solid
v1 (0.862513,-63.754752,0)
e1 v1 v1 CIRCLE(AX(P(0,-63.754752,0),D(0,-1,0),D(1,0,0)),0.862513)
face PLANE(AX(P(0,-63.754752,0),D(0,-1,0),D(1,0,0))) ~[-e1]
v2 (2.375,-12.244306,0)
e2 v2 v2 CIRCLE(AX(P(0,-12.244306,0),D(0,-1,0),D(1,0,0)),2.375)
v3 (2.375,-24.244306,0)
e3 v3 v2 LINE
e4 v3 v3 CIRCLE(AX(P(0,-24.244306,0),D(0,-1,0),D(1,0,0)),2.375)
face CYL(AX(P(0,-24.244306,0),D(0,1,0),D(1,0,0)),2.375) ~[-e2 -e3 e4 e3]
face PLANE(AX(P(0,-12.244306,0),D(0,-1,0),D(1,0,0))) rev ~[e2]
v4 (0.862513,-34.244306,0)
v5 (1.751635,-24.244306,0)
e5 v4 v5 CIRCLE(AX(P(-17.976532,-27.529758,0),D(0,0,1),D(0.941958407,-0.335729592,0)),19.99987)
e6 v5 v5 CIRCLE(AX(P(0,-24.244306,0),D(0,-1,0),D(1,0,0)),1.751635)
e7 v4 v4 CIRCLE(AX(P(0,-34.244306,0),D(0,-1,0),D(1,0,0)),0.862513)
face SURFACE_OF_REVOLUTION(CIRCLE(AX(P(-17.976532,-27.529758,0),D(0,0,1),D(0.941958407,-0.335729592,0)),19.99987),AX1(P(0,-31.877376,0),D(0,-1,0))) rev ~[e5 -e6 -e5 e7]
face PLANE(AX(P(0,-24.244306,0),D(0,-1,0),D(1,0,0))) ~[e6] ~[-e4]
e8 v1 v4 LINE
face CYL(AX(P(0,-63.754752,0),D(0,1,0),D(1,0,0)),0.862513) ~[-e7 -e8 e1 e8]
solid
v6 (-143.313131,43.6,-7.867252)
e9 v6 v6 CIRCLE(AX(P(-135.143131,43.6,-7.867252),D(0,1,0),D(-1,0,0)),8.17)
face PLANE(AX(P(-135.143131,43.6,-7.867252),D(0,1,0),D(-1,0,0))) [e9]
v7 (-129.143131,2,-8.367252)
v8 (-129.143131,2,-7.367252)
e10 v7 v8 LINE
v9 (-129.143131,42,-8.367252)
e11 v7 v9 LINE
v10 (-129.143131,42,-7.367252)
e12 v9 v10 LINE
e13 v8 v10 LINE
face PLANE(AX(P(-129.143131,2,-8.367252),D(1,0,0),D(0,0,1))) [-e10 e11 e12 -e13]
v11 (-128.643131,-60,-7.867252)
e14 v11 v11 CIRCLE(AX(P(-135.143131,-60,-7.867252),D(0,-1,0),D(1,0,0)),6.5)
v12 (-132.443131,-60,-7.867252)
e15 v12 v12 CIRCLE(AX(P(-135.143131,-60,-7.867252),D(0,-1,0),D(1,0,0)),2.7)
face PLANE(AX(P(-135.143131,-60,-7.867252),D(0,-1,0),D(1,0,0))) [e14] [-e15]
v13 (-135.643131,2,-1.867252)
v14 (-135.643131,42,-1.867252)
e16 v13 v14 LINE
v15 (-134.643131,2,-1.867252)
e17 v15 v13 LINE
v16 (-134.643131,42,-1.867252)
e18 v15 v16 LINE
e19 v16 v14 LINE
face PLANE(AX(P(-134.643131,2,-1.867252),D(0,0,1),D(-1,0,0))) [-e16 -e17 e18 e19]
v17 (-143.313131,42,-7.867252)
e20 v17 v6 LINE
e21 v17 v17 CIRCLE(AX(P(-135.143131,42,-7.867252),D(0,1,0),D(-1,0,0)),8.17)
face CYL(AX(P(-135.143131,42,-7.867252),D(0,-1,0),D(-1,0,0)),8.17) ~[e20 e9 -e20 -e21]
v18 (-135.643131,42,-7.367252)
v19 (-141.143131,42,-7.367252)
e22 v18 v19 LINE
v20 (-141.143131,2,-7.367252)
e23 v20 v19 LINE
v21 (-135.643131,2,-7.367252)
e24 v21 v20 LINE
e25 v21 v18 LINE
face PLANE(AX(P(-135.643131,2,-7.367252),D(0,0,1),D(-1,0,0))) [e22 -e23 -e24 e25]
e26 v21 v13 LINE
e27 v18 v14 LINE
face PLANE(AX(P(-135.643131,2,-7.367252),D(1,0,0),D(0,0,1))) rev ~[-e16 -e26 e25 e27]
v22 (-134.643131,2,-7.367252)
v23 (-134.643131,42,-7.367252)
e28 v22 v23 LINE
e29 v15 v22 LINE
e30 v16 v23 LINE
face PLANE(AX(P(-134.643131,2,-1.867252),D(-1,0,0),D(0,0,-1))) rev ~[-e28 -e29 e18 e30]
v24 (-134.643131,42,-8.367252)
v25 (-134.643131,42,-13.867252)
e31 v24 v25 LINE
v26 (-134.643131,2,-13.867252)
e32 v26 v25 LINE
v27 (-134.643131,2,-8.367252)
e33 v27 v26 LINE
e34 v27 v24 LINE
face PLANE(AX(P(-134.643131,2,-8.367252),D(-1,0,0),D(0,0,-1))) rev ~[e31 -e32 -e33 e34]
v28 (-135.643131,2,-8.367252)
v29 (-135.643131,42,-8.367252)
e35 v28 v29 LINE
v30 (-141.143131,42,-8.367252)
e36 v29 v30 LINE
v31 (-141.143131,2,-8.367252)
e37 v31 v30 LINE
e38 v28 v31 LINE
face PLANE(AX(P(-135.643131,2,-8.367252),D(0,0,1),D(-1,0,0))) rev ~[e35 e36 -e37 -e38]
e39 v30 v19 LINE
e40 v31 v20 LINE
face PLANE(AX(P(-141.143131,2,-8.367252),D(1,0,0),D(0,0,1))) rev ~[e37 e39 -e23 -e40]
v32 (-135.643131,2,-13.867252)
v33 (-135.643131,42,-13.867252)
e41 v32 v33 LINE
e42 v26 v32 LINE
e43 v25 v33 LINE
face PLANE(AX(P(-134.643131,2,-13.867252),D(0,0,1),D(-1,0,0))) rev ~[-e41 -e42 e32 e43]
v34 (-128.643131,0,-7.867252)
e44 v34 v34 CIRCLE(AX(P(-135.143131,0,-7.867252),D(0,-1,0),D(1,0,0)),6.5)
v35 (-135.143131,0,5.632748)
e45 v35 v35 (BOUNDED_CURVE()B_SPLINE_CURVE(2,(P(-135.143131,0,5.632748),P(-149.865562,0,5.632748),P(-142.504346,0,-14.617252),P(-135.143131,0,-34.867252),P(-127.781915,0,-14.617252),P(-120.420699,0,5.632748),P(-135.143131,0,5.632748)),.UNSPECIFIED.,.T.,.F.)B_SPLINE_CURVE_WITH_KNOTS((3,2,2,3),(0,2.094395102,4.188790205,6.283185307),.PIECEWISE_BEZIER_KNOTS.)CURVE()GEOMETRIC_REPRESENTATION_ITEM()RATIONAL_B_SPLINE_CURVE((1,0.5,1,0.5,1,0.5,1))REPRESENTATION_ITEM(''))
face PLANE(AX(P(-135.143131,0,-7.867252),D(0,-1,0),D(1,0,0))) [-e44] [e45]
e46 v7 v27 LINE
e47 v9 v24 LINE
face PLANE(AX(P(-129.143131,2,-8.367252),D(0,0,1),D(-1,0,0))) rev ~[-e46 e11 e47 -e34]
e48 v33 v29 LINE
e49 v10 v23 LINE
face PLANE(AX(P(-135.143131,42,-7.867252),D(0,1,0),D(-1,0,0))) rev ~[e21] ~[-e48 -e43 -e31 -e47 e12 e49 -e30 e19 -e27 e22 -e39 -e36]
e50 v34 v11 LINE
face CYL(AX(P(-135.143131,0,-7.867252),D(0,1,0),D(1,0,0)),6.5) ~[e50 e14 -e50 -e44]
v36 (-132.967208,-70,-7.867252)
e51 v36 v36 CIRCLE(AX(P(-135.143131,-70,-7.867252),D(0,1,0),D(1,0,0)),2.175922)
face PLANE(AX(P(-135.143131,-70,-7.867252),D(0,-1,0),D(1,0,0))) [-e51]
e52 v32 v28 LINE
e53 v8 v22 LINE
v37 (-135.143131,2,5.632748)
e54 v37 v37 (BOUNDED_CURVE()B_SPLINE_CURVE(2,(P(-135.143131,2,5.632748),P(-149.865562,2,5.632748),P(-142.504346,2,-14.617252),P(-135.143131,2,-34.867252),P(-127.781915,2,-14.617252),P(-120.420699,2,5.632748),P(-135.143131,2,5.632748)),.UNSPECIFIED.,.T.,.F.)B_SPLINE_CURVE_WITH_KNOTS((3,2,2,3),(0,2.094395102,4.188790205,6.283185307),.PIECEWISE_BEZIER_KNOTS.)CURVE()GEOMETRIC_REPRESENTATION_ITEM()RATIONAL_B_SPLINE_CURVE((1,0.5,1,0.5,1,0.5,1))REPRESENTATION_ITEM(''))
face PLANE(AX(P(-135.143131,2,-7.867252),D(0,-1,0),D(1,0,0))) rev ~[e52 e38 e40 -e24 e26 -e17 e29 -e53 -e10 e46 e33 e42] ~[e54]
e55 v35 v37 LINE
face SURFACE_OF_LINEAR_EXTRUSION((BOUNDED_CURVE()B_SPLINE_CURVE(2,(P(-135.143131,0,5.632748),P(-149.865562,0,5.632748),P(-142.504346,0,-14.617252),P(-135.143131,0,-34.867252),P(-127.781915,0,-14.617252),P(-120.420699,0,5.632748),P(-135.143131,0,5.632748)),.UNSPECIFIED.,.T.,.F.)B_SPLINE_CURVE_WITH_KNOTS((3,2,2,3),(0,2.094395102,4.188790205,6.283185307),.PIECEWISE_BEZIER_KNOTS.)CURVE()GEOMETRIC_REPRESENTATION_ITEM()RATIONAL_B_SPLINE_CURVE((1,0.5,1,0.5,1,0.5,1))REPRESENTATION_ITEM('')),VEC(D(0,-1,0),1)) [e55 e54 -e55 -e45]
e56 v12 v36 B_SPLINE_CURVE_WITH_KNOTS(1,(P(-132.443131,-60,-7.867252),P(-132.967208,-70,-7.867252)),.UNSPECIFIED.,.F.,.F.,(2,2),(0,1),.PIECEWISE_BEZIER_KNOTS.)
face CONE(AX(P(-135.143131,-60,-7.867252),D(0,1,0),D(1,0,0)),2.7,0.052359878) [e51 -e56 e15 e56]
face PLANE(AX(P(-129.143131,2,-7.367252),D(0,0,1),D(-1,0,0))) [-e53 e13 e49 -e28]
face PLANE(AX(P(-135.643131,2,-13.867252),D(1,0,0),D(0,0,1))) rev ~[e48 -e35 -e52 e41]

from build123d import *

# Parameters (mm, degrees)
F0_R     = 6.5
F1_DEPTH = 2
F2_DEPTH = 60
F3_W     = 1
F3_H     = 1
F3_H_2   = 5.5
F3_W_2   = 5.5
F4_DEPTH = 40
F5_R     = 8.17
F6_DEPTH = 1.6
F7_R     = 2.7
F8_DEPTH = 10
F8_TAPER = 3


with BuildPart() as f1:
    # F0 (on Front) → F1 (new body)
    with BuildSketch(Plane.XZ):
        with BuildLine():
            add(Edge.make_bspline(
                [(-135.1431305561, 5.6327479952), (-149.8655624204, 5.6327479952), (-142.5043464882, -14.6172520048), (-135.1431305561, -34.8672520048), (-127.7819146239, -14.6172520048), (-120.4206986917, 5.6327479952), (-135.1431305561, 5.6327479952)],
                knots=[0, 0, 0, 2.0943951024, 2.0943951024, 4.1887902048, 4.1887902048, 6.2831853072, 6.2831853072, 6.2831853072], degree=2, weights=[1, 0.5, 1, 0.5, 1, 0.5, 1]))
        make_face()
        with Locations((-135.1431305561, -7.8672520048)):
            Circle(F0_R, mode=Mode.SUBTRACT)
        with Locations((-135.1431305561, -7.8672520048)):
            Circle(F0_R)
    extrude(amount=-F1_DEPTH)

    # F0 (on Front) → F2 (join)
    with BuildSketch(Plane.XZ):
        with Locations((-135.1431305561, -7.8672520048)):
            Circle(F0_R)
    extrude(amount=F2_DEPTH)

    # F3 (on face) → F4 (join)
    with BuildSketch(Plane(origin=(0, 2, 0), x_dir=(-1, 0, 0), z_dir=(0, 1, 0))):
        with Locations((135.1431305561, -7.8672520048)):
            Rectangle(F3_W, F3_H)
        with Locations((135.1431305561, -4.6172520048)):
            Rectangle(F3_W, F3_H_2)
        with Locations((138.3931305561, -7.8672520048)):
            Rectangle(F3_W_2, F3_H)
        with Locations((135.1431305561, -11.1172520048)):
            Rectangle(F3_W, F3_H_2)
        with Locations((131.8931305561, -7.8672520048)):
            Rectangle(F3_W_2, F3_H)
    extrude(amount=F4_DEPTH)

    # F5 (on face) → F6 (join)
    with BuildSketch(Plane(origin=(0, 42, 0), x_dir=(-1, 0, 0), z_dir=(0, 1, 0))):
        with Locations((135.1431305561, -7.8672520048)):
            Circle(F5_R)
        Polygon((135.6431305561, -1.8672520048), (135.6431305561, -7.3672520048), (141.1431305561, -7.3672520048), (141.1431305561, -8.3672520048), (135.6431305561, -8.3672520048), (135.6431305561, -13.8672520048), (134.6431305561, -13.8672520048), (134.6431305561, -8.3672520048), (129.1431305561, -8.3672520048), (129.1431305561, -7.3672520048), (134.6431305561, -7.3672520048), (134.6431305561, -1.8672520048), align=None, mode=Mode.SUBTRACT)
        Polygon((141.1431305561, -7.3672520048), (135.6431305561, -7.3672520048), (135.6431305561, -1.8672520048), (134.6431305561, -1.8672520048), (134.6431305561, -7.3672520048), (129.1431305561, -7.3672520048), (129.1431305561, -8.3672520048), (134.6431305561, -8.3672520048), (134.6431305561, -13.8672520048), (135.6431305561, -13.8672520048), (135.6431305561, -8.3672520048), (141.1431305561, -8.3672520048), align=None)
    extrude(amount=F6_DEPTH)

    # F7 (on face) → F8 (join)
    with BuildSketch(Plane.XZ.offset(60)):
        with Locations((-135.1431305561, -7.8672520048)):
            Circle(F7_R)
    extrude(amount=F8_DEPTH, taper=F8_TAPER)


with BuildPart() as f10:
    # F9 (on Top) → F10 (revolve)
    with BuildSketch(Plane.XY):
        Polygon((0, -24.2443063855), (1.7516354565, -24.2443063855), (2.375, -24.2443063855), (2.375, -12.2443063855), (0, -12.2443063855), align=None)
        with BuildLine():
            Line((0, -63.7547517743), (0.8625133196, -63.7547517743))
            Line((0.8625133196, -63.7547517743), (0.8625133196, -34.2443063855))
            ThreePointArc((0.8625133196, -34.2443063855), (1.9447499627, -29.3010035325), (1.7516354565, -24.2443063855))
            Line((1.7516354565, -24.2443063855), (0, -24.2443063855))
            Line((0, -24.2443063855), (0, -63.7547517743))
        make_face()
    revolve(axis=Axis((0, -31.8773758872, 0), (0, -1, 0)))


solid = Compound([f1.part, f10.part])
